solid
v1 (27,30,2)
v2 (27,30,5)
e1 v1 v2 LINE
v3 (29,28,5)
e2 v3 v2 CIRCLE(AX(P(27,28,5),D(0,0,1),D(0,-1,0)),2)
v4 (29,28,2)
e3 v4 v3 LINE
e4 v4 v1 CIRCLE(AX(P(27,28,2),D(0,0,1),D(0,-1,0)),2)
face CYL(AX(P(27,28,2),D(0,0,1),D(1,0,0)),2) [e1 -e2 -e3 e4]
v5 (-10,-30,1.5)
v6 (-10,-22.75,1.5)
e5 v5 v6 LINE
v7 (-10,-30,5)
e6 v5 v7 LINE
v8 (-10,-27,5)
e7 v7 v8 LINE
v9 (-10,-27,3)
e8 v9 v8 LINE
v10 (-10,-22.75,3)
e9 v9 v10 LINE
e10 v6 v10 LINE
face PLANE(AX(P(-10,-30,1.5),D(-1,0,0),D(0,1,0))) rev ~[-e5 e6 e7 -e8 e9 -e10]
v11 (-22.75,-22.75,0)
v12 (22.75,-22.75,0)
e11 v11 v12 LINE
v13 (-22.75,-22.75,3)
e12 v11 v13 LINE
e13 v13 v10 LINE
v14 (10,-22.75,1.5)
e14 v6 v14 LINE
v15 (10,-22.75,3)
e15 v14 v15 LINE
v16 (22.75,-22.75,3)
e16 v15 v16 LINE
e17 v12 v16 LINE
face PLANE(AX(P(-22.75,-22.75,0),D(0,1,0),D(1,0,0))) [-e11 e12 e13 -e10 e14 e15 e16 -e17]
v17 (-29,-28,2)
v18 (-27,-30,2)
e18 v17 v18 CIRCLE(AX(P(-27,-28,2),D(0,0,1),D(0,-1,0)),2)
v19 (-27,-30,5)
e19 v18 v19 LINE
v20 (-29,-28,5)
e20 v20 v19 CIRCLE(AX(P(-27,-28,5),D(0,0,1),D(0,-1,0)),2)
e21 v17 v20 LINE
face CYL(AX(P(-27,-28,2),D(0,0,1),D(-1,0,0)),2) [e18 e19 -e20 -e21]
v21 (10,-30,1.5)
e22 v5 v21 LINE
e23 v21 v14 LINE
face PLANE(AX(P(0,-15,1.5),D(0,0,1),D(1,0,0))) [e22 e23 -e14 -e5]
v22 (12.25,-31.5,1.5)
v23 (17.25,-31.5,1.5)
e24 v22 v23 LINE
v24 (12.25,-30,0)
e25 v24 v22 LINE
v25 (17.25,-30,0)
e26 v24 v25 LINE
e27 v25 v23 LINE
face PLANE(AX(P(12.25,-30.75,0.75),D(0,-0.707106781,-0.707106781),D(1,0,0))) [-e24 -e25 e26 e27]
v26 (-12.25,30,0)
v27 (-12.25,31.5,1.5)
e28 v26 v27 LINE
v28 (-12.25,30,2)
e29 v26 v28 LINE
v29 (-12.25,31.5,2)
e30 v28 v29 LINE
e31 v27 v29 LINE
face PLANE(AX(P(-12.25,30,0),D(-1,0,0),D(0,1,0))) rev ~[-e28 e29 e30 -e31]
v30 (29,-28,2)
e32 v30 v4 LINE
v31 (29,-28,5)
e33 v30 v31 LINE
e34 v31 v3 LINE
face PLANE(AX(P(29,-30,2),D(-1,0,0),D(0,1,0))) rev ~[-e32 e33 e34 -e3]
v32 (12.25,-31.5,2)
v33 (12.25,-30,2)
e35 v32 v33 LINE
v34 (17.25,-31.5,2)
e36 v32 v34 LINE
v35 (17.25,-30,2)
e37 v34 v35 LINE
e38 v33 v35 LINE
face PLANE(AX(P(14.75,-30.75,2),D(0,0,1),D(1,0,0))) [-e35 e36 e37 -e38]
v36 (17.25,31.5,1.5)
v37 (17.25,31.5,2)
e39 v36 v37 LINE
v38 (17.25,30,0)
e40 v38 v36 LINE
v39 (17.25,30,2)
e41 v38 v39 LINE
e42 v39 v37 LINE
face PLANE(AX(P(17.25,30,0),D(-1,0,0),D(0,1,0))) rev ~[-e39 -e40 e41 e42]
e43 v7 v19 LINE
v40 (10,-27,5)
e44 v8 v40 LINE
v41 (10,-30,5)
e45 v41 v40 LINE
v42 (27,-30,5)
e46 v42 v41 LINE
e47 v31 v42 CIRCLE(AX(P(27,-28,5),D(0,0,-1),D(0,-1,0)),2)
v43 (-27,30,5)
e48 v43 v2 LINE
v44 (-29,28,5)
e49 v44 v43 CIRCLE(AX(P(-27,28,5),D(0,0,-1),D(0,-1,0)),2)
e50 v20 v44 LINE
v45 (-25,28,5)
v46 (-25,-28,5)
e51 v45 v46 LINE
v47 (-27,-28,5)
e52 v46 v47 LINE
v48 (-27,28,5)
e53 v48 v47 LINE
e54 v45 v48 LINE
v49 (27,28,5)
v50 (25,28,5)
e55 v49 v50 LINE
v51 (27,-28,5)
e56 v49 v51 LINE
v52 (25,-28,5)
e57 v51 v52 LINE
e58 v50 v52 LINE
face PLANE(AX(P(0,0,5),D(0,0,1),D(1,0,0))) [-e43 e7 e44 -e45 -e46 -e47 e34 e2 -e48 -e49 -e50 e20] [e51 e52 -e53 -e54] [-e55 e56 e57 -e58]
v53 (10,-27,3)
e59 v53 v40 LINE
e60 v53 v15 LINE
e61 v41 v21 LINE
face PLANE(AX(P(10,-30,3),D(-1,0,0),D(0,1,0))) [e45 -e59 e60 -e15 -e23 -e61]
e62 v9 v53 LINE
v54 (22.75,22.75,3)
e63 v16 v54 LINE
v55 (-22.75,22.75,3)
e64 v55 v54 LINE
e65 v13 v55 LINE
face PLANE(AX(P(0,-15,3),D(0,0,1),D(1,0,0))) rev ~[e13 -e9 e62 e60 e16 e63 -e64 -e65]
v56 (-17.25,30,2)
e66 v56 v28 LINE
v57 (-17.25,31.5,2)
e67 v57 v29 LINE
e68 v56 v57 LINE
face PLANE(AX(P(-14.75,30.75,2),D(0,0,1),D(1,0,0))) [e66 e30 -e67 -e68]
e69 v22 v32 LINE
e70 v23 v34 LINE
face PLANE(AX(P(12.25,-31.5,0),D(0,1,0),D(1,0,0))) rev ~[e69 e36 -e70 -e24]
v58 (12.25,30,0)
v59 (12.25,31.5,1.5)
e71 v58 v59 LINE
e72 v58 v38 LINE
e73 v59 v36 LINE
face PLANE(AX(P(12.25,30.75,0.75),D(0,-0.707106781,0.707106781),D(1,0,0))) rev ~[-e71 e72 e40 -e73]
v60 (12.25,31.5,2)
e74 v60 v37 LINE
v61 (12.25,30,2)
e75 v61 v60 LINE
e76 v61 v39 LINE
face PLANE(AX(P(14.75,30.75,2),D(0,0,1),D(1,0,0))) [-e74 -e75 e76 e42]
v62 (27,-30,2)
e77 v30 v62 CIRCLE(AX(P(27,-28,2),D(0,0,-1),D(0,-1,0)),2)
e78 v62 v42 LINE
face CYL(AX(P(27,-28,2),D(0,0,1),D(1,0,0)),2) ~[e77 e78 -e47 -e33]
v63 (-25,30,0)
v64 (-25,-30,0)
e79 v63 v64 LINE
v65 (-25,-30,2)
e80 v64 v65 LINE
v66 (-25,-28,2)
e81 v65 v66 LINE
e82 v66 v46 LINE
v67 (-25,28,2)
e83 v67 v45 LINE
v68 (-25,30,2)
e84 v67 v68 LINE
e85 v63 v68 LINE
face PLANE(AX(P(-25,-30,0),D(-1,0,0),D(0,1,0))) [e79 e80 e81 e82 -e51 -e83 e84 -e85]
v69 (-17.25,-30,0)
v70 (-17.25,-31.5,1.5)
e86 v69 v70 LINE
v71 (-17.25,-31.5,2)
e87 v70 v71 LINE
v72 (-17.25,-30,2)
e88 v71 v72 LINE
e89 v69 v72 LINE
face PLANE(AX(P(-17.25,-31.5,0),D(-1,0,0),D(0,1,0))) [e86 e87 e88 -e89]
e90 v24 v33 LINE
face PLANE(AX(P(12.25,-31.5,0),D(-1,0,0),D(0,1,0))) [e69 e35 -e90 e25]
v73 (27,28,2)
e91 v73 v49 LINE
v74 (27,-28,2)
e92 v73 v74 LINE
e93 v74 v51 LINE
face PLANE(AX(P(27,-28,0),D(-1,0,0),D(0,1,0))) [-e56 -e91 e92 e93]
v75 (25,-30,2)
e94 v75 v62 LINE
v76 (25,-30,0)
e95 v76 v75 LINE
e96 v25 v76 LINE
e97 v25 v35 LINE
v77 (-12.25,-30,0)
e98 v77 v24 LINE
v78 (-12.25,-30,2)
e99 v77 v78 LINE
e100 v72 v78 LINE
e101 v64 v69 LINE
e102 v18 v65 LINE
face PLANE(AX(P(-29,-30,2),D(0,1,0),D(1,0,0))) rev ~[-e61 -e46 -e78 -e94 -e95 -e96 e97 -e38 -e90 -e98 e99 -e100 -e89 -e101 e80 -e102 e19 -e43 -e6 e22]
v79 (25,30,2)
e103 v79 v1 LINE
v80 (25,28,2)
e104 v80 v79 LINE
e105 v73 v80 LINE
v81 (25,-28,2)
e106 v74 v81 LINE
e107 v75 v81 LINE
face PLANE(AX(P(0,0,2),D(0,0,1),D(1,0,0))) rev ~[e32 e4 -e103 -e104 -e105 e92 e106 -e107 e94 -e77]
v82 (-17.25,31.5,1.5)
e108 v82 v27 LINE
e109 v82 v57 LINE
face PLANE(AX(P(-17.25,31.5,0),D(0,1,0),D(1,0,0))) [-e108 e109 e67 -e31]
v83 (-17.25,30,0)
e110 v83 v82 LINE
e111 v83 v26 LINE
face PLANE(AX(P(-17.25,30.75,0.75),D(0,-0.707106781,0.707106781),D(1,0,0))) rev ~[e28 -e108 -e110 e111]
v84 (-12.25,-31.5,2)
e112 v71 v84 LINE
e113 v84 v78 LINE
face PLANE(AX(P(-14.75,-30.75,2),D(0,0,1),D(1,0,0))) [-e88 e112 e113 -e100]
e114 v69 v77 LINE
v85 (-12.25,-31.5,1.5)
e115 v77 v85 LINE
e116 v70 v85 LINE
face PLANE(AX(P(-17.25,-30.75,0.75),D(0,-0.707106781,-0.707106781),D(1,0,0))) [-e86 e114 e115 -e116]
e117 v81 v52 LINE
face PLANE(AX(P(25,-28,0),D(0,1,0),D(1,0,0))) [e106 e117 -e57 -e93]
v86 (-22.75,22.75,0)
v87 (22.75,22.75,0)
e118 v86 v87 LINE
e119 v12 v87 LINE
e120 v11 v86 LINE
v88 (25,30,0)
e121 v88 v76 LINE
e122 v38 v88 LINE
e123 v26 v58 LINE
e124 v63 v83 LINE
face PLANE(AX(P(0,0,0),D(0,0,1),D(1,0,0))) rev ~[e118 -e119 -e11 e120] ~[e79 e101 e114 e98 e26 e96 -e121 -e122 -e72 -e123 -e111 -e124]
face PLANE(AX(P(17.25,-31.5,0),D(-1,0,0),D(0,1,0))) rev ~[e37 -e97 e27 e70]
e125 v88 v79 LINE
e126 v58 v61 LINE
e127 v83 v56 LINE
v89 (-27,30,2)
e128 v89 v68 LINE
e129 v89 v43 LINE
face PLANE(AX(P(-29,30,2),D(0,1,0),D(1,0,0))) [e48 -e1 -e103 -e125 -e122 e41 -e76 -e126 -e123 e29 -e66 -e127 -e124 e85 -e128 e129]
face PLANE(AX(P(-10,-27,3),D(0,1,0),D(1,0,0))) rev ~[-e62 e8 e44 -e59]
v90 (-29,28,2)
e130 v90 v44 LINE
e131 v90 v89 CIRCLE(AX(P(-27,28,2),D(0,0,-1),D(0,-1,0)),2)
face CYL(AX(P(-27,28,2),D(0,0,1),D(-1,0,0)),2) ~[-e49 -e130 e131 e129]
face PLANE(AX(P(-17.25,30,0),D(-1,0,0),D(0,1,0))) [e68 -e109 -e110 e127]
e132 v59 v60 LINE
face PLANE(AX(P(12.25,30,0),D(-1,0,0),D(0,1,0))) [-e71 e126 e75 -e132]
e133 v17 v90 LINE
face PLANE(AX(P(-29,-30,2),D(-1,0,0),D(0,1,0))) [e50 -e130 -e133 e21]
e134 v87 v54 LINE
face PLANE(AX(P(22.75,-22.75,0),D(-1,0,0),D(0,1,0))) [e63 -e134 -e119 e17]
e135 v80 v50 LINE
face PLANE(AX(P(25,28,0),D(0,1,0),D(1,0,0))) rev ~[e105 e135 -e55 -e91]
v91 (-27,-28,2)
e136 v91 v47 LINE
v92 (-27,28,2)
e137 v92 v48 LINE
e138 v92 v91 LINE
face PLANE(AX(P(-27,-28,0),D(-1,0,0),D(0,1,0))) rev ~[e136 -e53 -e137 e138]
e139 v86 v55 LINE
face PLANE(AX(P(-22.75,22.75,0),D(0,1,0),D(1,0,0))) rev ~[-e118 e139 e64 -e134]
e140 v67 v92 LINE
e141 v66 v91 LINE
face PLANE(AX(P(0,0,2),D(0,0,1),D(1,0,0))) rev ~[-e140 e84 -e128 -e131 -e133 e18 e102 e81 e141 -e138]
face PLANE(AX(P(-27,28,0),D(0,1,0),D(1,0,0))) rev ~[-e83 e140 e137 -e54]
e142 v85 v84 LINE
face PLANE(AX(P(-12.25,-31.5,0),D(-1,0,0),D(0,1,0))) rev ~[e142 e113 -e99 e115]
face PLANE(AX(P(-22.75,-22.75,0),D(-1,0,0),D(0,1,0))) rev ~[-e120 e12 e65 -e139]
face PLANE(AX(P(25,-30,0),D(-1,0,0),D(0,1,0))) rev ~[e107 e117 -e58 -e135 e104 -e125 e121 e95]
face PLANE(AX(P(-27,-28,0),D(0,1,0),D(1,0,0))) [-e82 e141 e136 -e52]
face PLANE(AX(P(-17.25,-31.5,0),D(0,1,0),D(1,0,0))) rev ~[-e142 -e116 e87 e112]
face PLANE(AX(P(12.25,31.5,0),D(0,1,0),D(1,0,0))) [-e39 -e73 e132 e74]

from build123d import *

# Parameters (mm, degrees)
F0_W      = 50
F0_H      = 60
F1_DEPTH  = 5
F4_START  = 2
F3_W      = 58
F3_H      = 60
F4_DEPTH  = 3
F2_W      = 45.5
F2_H      = 45.5
F5_DEPTH  = 3
F7_START  = 1.5
F6_W      = 20
F6_H      = 30
F7_DEPTH  = 1.5
F8_W      = 2
F8_H      = 56
F9_DEPTH  = 25
F10_R     = 2
F11_W     = 5
F11_H     = 1.5
F12_DEPTH = 2
F13_SIZE  = 1.5
F15_START = 3
F14_W     = 20
F14_H     = 3
F15_DEPTH = 2


with BuildPart() as f1:
    # F0 (on Top) → F1 (new body)
    with BuildSketch(Plane.XY):
        Rectangle(F0_W, F0_H)
    extrude(amount=F1_DEPTH)

    # F3 (on Top) → F4 (join)
    with BuildSketch(Plane.XY.offset(F4_START)):
        Rectangle(F3_W, F3_H)
    extrude(amount=F4_DEPTH)

    # F2 (on Top) → F5 (cut)
    with BuildSketch(Plane.XY):
        Rectangle(F2_W, F2_H)
    extrude(amount=F5_DEPTH, mode=Mode.SUBTRACT)

    # F6 (on Top) → F7 (cut)
    with BuildSketch(Plane.XY.offset(F7_START)):
        with Locations((0, -15)):
            Rectangle(F6_W, F6_H)
    extrude(amount=F7_DEPTH, mode=Mode.SUBTRACT)

    # F8 (on Top) → F9 (cut)
    with BuildSketch(Plane.XY):
        with Locations((-26, 0)):
            Rectangle(F8_W, F8_H)
        with Locations((26, 0)):
            Rectangle(F8_W, F8_H)
    extrude(amount=F9_DEPTH, mode=Mode.SUBTRACT)

    # F10
    f10_edges = [f1.edges().sort_by_distance(p)[0] for p in [
        (29, -30, 3.5),
        (-29, -30, 3.5),
        (-29, 30, 3.5),
        (29, 30, 3.5),
    ]]
    fillet(f10_edges, radius=F10_R)

    # F11 (on Top) → F12 (join)
    with BuildSketch(Plane.XY):
        with Locations((-14.75, -30.75)):
            Rectangle(F11_W, F11_H)
        with Locations((14.75, -30.75)):
            Rectangle(F11_W, F11_H)
        with Locations((14.75, 30.75)):
            Rectangle(F11_W, F11_H)
        with Locations((-14.75, 30.75)):
            Rectangle(F11_W, F11_H)
    extrude(amount=F12_DEPTH)

    # F13
    f13_edges = [f1.edges().sort_by_distance(p)[0] for p in [
        (-14.75, -31.5, 0),
        (14.75, -31.5, 0),
        (14.75, 31.5, 0),
        (-14.75, 31.5, 0),
    ]]
    chamfer(f13_edges, length=F13_SIZE)

    # F14 (on Top) → F15 (cut)
    with BuildSketch(Plane.XY.offset(F15_START)):
        with Locations((0, -28.5)):
            Rectangle(F14_W, F14_H)
    extrude(amount=F15_DEPTH, mode=Mode.SUBTRACT)


solid = f1.part
